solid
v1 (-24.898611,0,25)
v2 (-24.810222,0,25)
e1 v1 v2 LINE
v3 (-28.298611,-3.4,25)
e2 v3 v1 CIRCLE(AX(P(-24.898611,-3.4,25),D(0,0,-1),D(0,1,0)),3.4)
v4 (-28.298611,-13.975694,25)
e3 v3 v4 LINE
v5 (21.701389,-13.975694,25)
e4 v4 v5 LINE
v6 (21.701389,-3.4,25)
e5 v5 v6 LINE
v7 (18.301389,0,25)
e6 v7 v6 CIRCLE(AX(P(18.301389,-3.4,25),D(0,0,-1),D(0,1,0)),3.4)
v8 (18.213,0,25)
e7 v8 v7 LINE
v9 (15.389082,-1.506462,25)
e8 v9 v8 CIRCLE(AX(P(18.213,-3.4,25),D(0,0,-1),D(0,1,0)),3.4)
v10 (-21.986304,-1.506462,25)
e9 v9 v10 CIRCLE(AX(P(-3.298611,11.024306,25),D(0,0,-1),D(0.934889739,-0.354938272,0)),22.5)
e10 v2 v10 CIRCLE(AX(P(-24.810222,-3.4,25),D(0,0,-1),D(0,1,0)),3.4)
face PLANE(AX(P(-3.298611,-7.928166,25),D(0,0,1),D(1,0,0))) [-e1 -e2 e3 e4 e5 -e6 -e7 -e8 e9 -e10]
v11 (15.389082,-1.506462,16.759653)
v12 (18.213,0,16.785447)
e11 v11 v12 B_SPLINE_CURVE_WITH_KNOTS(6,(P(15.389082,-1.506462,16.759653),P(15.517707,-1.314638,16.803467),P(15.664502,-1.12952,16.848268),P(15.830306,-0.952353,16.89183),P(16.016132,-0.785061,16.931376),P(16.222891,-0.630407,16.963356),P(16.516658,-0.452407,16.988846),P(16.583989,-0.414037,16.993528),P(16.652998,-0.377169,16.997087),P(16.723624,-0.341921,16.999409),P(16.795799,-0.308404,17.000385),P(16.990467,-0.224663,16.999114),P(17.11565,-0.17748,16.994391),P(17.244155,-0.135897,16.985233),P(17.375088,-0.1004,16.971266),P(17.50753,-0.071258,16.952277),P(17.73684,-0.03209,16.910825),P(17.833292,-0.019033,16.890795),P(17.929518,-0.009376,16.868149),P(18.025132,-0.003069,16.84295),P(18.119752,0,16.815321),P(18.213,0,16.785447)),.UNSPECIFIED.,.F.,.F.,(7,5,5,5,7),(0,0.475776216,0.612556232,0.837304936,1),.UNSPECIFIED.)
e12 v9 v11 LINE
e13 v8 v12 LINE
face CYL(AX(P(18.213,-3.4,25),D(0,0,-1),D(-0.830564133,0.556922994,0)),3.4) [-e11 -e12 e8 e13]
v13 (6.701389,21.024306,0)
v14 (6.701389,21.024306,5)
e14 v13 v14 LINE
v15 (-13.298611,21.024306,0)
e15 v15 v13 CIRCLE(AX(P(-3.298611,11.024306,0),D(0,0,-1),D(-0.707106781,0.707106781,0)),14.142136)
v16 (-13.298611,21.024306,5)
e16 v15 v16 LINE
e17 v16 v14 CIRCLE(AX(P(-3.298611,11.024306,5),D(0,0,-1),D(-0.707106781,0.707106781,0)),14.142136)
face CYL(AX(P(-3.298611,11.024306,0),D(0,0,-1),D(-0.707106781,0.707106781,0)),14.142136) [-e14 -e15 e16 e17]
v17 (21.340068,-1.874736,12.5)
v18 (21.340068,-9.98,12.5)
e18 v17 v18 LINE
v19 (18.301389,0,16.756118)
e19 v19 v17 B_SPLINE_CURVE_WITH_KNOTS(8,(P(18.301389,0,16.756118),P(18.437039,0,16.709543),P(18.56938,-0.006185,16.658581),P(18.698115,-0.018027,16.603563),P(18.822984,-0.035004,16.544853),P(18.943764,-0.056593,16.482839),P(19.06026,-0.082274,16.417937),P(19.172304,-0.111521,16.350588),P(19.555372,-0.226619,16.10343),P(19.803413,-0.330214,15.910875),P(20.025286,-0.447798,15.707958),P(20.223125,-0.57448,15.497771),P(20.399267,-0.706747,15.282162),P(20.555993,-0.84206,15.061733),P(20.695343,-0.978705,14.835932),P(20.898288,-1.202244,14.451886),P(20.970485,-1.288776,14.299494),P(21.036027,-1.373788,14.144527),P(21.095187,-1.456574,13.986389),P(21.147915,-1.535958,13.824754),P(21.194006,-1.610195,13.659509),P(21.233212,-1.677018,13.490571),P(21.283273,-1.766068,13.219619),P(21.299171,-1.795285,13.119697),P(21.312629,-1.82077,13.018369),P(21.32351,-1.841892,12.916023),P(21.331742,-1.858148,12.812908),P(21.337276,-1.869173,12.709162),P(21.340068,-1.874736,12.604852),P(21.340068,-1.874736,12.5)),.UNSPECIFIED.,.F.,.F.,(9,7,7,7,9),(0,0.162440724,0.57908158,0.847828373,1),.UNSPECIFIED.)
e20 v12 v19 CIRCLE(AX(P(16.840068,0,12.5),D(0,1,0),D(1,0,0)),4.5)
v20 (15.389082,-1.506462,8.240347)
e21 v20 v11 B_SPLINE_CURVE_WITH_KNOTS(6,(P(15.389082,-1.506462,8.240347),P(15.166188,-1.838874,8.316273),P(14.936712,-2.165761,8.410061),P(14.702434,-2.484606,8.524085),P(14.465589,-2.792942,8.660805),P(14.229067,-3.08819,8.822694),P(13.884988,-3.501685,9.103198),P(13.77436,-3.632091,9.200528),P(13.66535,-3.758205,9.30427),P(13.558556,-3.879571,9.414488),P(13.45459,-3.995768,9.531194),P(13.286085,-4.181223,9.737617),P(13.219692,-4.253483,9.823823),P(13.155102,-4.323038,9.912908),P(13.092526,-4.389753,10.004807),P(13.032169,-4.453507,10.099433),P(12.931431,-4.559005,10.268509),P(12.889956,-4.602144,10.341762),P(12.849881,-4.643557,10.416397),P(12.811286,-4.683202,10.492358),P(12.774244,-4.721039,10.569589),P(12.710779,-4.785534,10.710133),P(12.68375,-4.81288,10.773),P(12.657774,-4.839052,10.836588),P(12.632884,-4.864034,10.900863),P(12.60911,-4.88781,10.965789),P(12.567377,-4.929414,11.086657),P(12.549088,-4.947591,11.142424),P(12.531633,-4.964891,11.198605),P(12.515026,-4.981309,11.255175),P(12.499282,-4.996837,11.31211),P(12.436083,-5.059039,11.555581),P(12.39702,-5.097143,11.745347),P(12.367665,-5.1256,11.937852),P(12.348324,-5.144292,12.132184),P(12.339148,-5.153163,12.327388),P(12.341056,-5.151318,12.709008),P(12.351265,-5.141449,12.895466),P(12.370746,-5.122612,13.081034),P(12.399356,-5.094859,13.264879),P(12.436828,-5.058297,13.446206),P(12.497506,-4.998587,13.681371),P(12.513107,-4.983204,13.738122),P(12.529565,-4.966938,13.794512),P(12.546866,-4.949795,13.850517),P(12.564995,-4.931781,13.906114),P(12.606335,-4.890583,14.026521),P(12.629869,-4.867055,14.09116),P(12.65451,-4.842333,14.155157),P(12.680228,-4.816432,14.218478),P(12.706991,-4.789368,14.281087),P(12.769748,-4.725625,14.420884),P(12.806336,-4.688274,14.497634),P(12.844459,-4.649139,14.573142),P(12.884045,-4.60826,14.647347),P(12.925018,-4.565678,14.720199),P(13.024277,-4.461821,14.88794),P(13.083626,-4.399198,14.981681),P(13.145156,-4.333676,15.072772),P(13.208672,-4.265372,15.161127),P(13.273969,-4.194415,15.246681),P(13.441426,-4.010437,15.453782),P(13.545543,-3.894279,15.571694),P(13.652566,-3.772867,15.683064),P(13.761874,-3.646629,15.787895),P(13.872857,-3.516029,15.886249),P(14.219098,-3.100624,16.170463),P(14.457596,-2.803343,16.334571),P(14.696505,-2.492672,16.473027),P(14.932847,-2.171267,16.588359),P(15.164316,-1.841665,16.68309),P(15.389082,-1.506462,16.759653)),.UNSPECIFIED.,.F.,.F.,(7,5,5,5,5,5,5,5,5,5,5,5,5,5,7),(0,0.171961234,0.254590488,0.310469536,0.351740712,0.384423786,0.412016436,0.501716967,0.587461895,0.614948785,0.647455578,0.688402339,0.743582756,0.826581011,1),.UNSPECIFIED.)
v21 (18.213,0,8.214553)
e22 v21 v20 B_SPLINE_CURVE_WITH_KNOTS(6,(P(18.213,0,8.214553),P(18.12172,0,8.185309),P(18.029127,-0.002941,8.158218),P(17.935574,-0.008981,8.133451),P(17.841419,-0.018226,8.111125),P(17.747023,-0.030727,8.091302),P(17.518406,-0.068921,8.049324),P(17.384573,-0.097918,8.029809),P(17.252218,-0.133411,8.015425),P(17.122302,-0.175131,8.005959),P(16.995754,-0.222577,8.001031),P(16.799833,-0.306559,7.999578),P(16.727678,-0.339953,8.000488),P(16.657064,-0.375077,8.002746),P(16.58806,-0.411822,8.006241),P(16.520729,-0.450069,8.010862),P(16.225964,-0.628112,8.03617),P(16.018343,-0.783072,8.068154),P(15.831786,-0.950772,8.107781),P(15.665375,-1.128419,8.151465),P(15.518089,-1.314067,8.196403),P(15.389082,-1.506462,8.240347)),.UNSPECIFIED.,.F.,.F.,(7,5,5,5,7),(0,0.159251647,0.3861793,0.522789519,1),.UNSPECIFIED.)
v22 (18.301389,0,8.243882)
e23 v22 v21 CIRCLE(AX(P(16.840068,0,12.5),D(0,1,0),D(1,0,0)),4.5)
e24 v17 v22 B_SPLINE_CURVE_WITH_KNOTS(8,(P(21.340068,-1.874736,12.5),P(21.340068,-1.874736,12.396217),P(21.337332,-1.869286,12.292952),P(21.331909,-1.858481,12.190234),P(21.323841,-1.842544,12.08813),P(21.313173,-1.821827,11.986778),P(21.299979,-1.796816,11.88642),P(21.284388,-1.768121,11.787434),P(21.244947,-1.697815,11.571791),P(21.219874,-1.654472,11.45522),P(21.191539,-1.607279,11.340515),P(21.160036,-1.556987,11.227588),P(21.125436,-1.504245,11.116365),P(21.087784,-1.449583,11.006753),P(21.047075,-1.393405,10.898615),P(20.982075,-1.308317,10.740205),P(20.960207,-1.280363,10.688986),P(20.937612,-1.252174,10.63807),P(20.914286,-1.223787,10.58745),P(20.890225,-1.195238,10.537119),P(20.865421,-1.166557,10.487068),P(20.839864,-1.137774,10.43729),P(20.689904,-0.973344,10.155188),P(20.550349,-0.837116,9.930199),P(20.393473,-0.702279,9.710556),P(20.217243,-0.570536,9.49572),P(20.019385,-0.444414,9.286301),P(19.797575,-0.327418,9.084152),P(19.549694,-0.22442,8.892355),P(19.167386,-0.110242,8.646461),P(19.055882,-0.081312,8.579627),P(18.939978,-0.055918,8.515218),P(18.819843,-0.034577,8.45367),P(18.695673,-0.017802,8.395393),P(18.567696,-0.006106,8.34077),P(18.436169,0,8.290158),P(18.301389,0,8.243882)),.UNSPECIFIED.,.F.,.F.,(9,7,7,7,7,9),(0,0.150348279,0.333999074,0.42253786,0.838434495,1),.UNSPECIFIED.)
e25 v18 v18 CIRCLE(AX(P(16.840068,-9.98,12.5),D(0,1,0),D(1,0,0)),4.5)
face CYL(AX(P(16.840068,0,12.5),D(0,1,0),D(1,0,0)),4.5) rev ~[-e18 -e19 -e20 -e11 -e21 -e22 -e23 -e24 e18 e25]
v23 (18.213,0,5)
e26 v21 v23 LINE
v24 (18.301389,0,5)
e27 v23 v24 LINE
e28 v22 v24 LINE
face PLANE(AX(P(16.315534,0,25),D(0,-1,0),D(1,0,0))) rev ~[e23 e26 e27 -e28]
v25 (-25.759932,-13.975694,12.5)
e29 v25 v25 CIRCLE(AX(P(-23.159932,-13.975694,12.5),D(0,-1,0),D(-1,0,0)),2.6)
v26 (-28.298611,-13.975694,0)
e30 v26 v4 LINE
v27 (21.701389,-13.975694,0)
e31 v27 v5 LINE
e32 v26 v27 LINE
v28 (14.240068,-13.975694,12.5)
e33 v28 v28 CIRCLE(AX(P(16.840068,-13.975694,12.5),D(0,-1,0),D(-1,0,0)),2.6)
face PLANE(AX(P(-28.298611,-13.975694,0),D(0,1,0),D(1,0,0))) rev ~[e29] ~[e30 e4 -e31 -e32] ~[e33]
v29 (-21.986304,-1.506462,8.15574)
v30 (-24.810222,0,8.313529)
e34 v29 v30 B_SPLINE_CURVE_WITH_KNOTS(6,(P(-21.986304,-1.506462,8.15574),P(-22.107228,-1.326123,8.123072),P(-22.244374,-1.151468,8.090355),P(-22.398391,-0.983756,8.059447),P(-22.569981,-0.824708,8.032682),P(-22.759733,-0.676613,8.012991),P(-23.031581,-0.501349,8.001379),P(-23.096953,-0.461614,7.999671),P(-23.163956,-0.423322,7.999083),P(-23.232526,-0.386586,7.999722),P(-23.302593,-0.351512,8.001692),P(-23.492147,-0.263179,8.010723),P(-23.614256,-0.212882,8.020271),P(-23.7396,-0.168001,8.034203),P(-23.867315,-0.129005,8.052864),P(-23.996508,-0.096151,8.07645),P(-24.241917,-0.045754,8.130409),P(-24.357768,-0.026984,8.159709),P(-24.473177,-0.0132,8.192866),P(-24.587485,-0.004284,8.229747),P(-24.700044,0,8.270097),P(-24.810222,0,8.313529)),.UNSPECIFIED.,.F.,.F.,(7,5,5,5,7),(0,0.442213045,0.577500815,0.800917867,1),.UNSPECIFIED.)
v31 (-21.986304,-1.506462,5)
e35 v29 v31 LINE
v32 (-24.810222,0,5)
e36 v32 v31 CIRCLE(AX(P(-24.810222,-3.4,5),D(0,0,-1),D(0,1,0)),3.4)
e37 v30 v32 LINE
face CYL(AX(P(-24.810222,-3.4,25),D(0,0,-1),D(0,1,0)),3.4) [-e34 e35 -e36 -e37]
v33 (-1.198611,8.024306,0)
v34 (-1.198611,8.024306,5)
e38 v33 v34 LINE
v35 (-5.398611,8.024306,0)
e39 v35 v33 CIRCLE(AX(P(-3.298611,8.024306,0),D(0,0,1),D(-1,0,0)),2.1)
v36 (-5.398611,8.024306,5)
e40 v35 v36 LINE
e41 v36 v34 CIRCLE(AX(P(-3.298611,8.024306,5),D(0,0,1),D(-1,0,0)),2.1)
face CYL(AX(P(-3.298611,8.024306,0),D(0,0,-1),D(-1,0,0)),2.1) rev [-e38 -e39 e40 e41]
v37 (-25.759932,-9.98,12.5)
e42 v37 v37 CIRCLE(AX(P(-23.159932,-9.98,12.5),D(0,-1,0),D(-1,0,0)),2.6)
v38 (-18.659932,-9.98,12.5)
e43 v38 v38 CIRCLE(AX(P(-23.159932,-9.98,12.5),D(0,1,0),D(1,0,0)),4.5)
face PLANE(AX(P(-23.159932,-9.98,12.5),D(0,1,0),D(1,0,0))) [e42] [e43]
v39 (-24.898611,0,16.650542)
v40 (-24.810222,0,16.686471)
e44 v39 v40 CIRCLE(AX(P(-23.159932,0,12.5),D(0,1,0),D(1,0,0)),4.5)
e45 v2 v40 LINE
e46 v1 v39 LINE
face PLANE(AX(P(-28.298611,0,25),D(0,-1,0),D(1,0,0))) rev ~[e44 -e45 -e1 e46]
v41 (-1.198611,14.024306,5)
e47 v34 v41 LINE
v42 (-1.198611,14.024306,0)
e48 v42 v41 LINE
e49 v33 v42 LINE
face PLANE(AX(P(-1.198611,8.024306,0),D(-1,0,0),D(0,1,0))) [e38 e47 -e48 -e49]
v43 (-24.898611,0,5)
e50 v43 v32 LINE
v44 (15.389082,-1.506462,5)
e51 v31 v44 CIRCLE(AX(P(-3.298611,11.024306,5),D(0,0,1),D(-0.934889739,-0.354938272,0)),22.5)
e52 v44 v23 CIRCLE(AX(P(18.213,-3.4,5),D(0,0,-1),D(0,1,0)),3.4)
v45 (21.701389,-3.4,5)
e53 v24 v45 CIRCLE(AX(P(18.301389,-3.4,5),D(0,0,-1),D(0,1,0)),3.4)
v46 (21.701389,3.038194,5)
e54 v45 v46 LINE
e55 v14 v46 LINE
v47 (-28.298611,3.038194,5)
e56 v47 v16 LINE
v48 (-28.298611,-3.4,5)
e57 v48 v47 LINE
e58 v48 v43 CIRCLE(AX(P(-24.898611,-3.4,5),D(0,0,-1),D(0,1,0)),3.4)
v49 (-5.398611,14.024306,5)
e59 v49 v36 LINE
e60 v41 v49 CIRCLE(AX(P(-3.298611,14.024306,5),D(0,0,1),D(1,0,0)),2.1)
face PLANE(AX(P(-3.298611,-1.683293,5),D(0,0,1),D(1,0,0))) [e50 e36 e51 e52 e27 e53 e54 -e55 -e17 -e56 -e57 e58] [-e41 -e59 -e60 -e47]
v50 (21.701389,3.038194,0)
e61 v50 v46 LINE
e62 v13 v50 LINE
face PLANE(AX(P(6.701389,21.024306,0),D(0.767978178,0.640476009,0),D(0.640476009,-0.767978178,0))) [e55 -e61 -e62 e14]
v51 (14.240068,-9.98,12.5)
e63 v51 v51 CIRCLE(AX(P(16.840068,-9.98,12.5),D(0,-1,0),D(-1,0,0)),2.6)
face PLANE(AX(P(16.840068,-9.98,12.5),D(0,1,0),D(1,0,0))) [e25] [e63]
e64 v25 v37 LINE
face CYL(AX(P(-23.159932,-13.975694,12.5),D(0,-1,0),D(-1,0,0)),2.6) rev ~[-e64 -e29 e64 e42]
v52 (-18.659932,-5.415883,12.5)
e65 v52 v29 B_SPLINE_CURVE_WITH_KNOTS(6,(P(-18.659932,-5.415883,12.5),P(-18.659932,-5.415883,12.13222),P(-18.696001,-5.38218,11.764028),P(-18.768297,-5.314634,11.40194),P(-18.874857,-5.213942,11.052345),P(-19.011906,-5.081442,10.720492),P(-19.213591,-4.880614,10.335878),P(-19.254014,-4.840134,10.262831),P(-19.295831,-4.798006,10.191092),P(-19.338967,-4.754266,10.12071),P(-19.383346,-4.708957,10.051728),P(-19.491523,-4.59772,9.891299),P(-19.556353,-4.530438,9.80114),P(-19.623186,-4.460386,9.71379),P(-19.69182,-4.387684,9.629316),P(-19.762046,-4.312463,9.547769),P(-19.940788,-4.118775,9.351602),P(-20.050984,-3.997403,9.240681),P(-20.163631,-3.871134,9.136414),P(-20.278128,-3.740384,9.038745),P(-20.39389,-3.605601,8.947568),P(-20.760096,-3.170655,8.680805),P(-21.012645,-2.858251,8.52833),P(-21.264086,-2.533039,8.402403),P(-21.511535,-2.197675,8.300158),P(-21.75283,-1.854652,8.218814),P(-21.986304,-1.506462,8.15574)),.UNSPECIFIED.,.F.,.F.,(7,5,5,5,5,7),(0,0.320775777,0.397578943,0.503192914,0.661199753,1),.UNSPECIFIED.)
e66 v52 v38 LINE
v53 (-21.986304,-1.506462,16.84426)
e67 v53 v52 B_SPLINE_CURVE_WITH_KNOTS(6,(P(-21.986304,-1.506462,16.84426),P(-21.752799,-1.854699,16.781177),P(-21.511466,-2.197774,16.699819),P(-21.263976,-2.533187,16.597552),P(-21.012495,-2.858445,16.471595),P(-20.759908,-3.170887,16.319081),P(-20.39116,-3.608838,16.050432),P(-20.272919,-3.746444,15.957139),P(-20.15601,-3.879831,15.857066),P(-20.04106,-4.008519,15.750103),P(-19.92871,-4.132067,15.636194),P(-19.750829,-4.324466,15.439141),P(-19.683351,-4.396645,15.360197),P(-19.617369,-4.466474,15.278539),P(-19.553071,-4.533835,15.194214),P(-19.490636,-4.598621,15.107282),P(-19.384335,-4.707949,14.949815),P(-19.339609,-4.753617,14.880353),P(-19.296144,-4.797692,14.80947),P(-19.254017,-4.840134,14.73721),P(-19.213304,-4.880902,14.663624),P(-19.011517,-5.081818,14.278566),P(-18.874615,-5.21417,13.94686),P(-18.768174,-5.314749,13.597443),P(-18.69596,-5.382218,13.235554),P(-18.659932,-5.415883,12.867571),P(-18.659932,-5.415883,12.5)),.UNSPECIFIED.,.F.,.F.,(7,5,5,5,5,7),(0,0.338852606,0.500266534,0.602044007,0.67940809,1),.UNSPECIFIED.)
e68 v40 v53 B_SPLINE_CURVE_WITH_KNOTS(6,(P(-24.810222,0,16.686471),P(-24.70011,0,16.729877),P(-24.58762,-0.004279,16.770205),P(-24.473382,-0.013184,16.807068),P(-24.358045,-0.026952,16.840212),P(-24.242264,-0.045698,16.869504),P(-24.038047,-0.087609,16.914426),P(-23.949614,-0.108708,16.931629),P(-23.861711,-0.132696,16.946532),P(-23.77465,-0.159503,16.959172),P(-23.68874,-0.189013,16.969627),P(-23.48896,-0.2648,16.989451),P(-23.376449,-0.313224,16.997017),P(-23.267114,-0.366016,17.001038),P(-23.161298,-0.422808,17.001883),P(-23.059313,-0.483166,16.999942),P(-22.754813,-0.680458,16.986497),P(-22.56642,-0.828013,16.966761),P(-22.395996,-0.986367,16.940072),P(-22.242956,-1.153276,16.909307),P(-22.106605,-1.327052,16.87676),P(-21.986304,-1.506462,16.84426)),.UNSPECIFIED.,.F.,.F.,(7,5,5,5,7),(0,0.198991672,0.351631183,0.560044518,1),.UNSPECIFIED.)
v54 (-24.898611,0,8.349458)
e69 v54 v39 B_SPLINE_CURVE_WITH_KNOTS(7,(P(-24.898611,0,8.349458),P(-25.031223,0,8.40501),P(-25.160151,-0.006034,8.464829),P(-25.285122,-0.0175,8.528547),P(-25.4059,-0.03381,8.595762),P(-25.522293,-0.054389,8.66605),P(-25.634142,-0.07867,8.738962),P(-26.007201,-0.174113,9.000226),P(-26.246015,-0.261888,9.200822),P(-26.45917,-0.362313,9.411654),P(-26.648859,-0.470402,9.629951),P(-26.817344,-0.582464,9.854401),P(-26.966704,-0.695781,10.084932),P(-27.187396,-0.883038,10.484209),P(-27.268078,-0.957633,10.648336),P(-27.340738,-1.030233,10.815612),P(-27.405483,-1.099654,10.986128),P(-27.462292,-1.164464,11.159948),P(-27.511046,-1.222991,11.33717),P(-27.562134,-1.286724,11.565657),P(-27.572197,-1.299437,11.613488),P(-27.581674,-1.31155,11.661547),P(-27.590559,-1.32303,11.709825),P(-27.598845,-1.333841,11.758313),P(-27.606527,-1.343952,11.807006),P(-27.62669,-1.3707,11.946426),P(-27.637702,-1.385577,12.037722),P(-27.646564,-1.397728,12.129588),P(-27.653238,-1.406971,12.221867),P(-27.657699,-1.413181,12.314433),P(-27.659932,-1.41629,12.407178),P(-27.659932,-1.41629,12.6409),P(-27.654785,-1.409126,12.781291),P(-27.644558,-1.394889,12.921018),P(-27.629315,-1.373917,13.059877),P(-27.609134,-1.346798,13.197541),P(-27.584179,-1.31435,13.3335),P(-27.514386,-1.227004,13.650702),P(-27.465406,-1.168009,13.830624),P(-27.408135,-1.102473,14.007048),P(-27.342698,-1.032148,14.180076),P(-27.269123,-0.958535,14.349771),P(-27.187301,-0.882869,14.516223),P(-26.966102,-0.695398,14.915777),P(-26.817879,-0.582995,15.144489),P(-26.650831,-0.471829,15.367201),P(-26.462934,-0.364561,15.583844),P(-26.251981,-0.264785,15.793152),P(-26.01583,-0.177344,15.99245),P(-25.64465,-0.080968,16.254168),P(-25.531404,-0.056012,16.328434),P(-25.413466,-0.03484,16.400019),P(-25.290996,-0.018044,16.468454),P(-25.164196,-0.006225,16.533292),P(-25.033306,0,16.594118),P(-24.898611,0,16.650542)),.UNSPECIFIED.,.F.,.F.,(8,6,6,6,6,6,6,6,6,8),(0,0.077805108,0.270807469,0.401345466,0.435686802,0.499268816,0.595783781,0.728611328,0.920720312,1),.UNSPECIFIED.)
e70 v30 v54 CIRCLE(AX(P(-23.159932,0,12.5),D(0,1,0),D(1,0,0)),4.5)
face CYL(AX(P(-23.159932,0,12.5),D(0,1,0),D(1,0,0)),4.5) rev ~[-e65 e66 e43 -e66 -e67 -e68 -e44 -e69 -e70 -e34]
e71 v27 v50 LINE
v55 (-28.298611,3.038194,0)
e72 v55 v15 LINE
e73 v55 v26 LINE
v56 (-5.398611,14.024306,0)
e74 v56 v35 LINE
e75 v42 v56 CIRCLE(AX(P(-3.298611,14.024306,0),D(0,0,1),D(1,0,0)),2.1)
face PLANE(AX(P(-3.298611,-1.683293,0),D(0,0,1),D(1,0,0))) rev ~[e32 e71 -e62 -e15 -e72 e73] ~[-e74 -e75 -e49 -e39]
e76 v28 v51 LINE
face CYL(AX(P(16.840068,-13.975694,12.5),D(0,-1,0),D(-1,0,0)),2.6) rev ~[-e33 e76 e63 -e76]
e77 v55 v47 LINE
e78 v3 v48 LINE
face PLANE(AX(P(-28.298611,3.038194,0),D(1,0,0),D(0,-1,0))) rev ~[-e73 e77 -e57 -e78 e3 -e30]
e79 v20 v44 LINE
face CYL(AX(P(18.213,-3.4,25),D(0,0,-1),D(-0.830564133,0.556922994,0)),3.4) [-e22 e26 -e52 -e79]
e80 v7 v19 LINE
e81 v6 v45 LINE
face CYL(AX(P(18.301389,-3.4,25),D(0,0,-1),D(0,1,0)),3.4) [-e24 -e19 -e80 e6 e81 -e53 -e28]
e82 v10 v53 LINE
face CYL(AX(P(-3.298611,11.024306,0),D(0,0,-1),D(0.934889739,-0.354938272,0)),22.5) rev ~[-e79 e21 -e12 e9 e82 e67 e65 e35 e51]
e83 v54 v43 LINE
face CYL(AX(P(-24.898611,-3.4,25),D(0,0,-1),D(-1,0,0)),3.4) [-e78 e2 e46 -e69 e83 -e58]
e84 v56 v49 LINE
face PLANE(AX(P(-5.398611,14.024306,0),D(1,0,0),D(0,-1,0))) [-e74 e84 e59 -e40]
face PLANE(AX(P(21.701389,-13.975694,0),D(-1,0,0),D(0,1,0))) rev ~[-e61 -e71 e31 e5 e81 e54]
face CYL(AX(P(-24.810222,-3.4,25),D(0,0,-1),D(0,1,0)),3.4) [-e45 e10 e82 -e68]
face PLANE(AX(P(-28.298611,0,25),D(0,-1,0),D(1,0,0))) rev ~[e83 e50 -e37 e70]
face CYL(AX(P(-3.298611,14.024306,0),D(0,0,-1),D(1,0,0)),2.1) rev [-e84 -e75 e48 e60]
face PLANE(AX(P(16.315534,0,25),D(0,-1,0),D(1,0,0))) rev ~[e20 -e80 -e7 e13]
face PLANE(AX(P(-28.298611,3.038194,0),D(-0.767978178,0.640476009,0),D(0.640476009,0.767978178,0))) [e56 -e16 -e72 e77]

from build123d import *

# Parameters (mm, degrees)
EXTRUDE_1_DEPTH     = 25
EXTRUDE_2_DEPTH     = 5
CUT_EXTRUDE_START   = -20
CUT_EXTRUDE_2_DEPTH = 20
FILLET_3_R          = 3.4
FILLET_4_R          = 3.4
SKETCH_5_R          = 2.6
CUT_EXTRUDE_3_DEPTH = 20
SKETCH_7_R          = 4.5
CUT_EXTRUDE_5_DEPTH = 9.98


with BuildPart() as part:
    # 草图1 → 凸台-拉伸1 (new body)
    with BuildSketch(Plane.XY):
        with BuildLine():
            Line((-24.33363023, 3.038194444), (-28.298611111, 3.038194444))
            Line((-28.298611111, 3.038194444), (-28.298611111, -13.975694444))
            Line((-28.298611111, -13.975694444), (21.701388889, -13.975694444))
            Line((21.701388889, -13.975694444), (21.701388889, 3.038194444))
            Line((21.701388889, 3.038194444), (17.736408008, 3.038194444))
            ThreePointArc((17.736408008, 3.038194444), (-3.298611111, -11.475694444), (-24.33363023, 3.038194444))
        make_face()
    extrude(amount=EXTRUDE_1_DEPTH)

    # 草图1<5> → 凸台-拉伸2 (add)
    with BuildSketch(Plane.XY):
        with BuildLine():
            Line((-13.298611111, 21.024305556), (-28.298611111, 3.038194444))
            Line((-28.298611111, 3.038194444), (-24.33363023, 3.038194444))
            ThreePointArc((-24.33363023, 3.038194444), (-3.298611111, -11.475694444), (17.736408008, 3.038194444))
            Line((17.736408008, 3.038194444), (21.701388889, 3.038194444))
            Line((21.701388889, 3.038194444), (6.701388889, 21.024305556))
            ThreePointArc((6.701388889, 21.024305556), (-3.298611111, 25.166441179), (-13.298611111, 21.024305556))
        make_face()
        with BuildLine():
            ThreePointArc((-5.398611111, 14.024305556), (-3.298611111, 16.124305556), (-1.198611111, 14.024305556))
            Line((-1.198611111, 14.024305556), (-1.198611111, 8.024305556))
            ThreePointArc((-1.198611111, 8.024305556), (-3.298611111, 5.924305556), (-5.398611111, 8.024305556))
            Line((-5.398611111, 8.024305556), (-5.398611111, 14.024305556))
        make_face(mode=Mode.SUBTRACT)
    extrude(amount=EXTRUDE_2_DEPTH)

    # 草图3 → 切除-拉伸2 (cut)
    with BuildSketch(Plane.XY.offset(25).offset(CUT_EXTRUDE_START)):
        with BuildLine():
            Line((-28.298611111, 3.038194444), (-28.298611111, 0))
            Line((-28.298611111, 0), (-22.912756186, 0))
            ThreePointArc((-22.912756186, 0), (-23.679884226, 1.492584503), (-24.33363023, 3.038194444))
            Line((-24.33363023, 3.038194444), (-28.298611111, 3.038194444))
        make_face()
        with BuildLine():
            ThreePointArc((17.736408008, 3.038194444), (17.082662004, 1.492584503), (16.315533964, 0))
            Line((16.315533964, 0), (21.701388889, 0))
            Line((21.701388889, 0), (21.701388889, 3.038194444))
            Line((21.701388889, 3.038194444), (17.736408008, 3.038194444))
        make_face()
    extrude(amount=CUT_EXTRUDE_2_DEPTH, mode=Mode.SUBTRACT)

    # 圆角3
    fillet_3_edges = [part.edges().sort_by_distance(p)[0] for p in [
        (-22.912756186, 0, 15),
        (-28.298611111, 0, 15),
    ]]
    fillet(fillet_3_edges, radius=FILLET_3_R)

    # 圆角4
    fillet_4_edges = [part.edges().sort_by_distance(p)[0] for p in [
        (21.701388889, 0, 15),
        (16.315533964, 0, 15),
    ]]
    fillet(fillet_4_edges, radius=FILLET_4_R)

    # 草图5 → 切除-拉伸3 (cut)
    with BuildSketch(Plane(origin=(0, -13.975694444, 0), x_dir=(-1, 0, 0), z_dir=(0, -1, 0))):
        with Locations((23.159932347, -12.5)):
            Circle(SKETCH_5_R)
        with Locations((-16.840067653, -12.5)):
            Circle(SKETCH_5_R)
    extrude(amount=-CUT_EXTRUDE_3_DEPTH, mode=Mode.SUBTRACT)

    # 草图7 → 切除-拉伸5 (cut)
    with BuildSketch(Plane(origin=(0, 0, 0), x_dir=(1, 0, 0), z_dir=(0, 1, 0))):
        with Locations((-23.159932347, -12.5)):
            Circle(SKETCH_7_R)
        with Locations((16.840067653, -12.5)):
            Circle(SKETCH_7_R)
    extrude(amount=-CUT_EXTRUDE_5_DEPTH, mode=Mode.SUBTRACT)


solid = part.part
